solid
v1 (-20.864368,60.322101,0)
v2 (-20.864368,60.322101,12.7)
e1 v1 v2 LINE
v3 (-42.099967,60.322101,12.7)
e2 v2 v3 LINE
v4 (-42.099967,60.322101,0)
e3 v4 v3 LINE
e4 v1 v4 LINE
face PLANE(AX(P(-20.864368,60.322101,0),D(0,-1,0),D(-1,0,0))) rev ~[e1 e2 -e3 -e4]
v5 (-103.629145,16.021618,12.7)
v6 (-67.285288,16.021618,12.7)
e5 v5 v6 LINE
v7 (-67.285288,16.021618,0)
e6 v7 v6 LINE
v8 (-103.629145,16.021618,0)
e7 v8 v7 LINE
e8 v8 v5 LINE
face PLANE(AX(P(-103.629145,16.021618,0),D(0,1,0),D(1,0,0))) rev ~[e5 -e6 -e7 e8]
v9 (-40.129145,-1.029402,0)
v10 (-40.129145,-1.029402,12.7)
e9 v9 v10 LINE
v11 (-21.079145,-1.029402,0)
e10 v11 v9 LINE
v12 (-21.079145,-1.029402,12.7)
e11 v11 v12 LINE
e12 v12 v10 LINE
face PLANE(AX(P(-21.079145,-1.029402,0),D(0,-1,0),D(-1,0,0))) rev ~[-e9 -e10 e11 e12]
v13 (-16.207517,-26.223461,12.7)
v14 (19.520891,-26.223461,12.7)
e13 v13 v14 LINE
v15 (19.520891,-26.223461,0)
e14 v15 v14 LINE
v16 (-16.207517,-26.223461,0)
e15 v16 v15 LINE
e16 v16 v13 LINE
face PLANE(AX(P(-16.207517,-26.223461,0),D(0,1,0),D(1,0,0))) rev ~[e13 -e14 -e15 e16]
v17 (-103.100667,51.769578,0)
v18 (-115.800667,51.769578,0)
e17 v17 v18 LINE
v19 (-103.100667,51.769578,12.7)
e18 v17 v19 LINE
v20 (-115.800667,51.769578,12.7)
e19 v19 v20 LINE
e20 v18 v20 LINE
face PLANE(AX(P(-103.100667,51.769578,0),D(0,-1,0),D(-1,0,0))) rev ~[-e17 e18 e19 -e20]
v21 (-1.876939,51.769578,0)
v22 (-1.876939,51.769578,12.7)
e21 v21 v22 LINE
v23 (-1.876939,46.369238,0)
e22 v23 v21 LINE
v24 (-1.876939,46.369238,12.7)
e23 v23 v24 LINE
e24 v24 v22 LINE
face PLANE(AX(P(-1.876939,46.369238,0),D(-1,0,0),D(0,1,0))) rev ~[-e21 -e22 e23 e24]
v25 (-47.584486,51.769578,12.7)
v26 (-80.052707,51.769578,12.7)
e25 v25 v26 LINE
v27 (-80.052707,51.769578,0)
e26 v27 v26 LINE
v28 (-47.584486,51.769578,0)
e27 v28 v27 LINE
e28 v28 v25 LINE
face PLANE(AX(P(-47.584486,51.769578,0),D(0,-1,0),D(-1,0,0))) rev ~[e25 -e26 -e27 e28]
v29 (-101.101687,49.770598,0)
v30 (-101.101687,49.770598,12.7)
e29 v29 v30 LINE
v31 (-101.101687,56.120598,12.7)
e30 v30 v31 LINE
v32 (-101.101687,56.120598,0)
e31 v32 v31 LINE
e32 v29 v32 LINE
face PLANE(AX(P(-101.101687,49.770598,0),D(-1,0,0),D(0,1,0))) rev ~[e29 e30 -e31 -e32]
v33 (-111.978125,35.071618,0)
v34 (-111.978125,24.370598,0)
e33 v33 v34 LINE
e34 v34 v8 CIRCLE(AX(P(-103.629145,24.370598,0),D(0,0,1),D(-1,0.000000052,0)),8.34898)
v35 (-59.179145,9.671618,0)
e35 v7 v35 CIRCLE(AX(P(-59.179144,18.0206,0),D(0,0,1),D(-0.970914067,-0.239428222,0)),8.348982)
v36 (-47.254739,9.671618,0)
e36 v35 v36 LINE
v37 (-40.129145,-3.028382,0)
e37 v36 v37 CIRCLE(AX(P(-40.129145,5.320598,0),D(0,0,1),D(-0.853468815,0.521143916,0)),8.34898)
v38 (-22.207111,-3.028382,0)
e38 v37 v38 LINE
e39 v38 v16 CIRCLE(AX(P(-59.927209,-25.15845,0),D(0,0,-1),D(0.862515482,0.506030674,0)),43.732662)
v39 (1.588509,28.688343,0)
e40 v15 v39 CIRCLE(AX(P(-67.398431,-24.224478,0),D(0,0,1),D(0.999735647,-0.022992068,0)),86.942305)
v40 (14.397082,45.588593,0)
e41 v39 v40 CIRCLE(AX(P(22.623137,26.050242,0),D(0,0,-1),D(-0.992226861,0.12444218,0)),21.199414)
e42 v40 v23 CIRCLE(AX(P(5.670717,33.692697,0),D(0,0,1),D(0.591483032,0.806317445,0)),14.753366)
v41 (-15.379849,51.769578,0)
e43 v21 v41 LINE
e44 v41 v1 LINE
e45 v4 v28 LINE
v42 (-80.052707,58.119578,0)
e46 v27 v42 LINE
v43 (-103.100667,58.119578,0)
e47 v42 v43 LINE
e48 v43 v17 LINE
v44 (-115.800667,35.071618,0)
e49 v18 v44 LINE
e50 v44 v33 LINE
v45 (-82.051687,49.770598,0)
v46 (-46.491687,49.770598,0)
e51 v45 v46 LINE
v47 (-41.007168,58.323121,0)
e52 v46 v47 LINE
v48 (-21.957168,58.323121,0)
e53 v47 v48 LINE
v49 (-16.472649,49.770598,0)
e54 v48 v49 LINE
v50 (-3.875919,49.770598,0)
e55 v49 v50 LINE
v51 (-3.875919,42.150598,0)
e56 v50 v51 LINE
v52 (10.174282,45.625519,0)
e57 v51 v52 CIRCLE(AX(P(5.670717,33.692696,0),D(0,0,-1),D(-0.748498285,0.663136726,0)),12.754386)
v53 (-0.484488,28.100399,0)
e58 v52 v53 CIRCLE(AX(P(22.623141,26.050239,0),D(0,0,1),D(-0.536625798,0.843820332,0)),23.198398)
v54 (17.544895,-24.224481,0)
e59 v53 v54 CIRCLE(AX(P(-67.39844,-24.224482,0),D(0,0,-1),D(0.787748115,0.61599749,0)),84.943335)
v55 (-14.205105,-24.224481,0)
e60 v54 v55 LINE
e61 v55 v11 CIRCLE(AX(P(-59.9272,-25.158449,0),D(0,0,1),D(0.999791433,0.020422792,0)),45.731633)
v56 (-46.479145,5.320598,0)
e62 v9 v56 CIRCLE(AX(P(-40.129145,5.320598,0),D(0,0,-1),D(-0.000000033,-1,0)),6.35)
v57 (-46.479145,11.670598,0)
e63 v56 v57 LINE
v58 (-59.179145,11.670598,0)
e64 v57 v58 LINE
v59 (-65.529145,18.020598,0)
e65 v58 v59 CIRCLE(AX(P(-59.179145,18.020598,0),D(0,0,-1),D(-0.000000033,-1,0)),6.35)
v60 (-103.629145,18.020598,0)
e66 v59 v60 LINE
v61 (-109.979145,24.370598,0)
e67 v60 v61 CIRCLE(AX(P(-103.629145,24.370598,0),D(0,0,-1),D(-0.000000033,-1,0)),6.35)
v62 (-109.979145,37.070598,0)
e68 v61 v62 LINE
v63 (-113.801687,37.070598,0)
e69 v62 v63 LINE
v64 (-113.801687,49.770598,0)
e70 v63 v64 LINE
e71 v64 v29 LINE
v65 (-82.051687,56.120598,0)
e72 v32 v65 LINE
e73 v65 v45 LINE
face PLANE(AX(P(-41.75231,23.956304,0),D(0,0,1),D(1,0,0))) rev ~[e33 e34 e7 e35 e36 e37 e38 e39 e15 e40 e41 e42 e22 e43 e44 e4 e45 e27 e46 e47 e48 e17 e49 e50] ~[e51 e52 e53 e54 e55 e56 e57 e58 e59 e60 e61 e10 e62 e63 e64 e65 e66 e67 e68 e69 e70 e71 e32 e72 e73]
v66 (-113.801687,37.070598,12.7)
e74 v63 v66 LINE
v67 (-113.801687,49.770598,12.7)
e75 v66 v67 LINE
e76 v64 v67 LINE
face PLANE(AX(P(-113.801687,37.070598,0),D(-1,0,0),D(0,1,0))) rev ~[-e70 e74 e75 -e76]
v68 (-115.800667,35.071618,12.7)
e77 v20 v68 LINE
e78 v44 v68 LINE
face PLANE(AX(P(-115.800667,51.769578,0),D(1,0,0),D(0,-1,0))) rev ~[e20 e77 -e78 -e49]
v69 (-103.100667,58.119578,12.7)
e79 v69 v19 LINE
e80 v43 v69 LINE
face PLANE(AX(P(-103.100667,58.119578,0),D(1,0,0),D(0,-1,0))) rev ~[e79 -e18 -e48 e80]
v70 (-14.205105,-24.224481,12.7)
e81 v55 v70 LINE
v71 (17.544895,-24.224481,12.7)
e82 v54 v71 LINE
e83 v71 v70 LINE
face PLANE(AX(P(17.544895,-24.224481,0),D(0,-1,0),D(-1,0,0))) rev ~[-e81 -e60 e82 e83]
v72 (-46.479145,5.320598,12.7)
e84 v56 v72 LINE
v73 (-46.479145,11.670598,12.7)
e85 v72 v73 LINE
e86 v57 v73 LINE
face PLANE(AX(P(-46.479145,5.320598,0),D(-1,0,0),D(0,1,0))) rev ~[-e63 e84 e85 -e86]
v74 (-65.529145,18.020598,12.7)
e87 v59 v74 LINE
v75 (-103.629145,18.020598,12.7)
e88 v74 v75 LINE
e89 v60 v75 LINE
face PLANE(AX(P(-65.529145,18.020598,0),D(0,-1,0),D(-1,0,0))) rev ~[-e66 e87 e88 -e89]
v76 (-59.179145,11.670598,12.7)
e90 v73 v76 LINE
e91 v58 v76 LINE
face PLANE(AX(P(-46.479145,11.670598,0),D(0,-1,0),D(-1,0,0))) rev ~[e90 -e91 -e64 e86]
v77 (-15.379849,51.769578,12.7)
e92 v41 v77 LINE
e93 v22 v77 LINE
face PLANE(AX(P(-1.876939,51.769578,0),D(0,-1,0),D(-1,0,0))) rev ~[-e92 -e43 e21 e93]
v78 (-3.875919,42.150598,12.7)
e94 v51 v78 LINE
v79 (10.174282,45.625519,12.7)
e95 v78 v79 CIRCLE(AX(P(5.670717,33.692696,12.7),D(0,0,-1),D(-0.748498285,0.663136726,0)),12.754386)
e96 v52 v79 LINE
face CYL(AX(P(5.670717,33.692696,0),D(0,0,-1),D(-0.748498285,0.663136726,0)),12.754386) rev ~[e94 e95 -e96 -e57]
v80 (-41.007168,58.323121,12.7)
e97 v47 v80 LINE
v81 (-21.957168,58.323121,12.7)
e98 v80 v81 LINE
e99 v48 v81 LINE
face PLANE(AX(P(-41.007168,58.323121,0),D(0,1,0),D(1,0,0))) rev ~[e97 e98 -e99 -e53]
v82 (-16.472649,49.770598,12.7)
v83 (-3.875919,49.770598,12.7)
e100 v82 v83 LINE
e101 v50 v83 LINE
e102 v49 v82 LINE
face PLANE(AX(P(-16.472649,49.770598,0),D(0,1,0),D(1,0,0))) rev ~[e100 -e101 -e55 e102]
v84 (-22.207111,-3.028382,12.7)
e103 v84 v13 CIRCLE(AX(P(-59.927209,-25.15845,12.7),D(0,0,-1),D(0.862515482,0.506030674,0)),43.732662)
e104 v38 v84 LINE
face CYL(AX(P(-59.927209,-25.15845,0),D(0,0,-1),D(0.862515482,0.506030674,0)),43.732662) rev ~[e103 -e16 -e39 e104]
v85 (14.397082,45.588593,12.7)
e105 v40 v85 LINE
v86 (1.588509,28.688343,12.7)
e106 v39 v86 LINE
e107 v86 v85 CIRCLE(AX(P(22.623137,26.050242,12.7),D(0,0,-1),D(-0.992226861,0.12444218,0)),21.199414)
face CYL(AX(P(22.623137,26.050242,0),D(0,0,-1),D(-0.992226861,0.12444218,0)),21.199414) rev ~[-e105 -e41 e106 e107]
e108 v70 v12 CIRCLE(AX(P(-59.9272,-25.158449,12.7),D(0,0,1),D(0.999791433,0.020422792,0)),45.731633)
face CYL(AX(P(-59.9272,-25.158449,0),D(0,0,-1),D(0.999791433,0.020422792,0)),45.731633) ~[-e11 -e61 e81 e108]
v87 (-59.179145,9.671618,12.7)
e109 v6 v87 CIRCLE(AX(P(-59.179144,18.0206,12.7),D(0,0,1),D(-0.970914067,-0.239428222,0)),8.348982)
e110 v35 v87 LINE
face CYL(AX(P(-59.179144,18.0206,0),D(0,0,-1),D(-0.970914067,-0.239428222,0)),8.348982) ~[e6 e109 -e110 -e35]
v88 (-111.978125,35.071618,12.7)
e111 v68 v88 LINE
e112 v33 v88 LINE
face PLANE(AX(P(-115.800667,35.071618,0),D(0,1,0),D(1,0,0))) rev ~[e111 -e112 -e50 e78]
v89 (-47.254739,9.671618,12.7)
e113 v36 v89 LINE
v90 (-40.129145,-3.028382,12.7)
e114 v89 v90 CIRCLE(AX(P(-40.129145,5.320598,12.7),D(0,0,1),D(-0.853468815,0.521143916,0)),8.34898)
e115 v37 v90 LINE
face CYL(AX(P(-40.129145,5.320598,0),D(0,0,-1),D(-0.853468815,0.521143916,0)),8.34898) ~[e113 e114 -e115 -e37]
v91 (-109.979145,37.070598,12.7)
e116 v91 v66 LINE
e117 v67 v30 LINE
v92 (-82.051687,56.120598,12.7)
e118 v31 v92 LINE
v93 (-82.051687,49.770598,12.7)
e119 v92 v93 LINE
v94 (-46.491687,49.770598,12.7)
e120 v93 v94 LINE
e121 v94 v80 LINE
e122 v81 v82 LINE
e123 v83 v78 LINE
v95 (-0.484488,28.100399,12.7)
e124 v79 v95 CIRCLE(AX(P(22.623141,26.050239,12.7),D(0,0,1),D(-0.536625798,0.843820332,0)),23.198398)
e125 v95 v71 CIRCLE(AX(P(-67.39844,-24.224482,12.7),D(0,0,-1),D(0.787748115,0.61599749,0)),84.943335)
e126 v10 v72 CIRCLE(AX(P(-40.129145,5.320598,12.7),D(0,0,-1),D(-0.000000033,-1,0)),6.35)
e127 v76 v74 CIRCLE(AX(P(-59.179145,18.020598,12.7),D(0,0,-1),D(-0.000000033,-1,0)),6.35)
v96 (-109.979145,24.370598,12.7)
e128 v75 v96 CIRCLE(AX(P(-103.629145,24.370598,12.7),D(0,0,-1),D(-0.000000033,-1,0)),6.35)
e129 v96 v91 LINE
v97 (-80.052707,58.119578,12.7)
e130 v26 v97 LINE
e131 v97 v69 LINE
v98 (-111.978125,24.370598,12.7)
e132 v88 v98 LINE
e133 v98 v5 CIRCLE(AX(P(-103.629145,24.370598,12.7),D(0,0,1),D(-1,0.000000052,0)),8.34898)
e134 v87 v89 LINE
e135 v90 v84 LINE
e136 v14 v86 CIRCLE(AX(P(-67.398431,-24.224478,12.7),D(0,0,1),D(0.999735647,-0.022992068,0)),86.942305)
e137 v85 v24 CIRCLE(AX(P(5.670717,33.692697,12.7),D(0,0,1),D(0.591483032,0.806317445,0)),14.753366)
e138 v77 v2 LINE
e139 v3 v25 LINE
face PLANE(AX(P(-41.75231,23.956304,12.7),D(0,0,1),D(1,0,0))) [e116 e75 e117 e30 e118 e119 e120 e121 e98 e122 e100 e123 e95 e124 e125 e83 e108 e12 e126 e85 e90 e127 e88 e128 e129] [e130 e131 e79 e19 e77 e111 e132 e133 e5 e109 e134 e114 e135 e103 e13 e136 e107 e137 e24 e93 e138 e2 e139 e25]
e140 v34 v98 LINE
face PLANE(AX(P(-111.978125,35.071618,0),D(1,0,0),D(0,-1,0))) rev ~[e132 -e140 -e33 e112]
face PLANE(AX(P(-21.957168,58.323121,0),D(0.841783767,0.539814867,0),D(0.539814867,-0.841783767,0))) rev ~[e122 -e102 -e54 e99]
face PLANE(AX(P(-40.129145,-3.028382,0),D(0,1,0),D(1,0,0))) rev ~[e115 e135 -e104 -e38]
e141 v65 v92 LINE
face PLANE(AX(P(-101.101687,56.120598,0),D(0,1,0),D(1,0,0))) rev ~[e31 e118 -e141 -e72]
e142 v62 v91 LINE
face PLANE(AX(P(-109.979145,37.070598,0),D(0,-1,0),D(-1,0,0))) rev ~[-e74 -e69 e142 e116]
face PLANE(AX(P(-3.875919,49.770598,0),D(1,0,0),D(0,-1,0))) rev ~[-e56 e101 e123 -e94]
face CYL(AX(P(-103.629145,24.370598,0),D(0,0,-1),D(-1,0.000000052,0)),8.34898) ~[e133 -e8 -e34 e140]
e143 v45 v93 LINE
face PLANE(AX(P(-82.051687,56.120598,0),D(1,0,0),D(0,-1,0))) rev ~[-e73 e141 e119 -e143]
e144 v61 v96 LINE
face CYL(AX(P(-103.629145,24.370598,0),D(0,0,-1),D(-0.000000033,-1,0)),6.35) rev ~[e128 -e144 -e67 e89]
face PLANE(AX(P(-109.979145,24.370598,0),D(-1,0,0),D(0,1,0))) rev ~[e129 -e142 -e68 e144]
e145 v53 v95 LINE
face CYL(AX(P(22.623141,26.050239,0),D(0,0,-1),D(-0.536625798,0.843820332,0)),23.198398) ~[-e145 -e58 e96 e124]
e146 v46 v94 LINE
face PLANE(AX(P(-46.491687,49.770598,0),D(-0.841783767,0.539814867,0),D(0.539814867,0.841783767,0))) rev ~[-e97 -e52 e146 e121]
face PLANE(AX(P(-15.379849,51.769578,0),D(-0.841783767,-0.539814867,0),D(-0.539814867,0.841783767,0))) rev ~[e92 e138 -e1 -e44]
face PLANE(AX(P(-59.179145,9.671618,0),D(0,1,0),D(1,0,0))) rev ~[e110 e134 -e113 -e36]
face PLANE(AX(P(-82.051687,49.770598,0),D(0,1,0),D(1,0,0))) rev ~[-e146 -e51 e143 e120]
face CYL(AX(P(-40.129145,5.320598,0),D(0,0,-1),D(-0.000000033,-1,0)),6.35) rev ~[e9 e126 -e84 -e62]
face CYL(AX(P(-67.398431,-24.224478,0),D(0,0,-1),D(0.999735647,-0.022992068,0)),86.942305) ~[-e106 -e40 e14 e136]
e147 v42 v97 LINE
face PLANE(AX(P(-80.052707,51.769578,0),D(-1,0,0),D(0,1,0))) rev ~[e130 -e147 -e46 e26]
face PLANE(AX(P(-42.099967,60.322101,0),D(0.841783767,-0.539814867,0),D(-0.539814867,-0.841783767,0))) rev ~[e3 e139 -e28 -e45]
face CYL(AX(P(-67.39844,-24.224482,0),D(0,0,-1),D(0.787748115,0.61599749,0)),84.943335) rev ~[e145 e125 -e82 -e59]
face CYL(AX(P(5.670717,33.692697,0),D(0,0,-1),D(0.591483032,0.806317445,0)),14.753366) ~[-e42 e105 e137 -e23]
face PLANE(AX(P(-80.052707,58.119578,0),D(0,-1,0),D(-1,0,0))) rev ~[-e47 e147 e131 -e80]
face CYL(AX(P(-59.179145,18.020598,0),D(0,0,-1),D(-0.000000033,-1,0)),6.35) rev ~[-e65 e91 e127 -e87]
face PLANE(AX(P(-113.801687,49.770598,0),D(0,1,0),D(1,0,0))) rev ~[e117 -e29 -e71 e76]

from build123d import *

# Parameters (mm, degrees)
F1_DEPTH = 12.7


with BuildPart() as f1:
    # F0 (on Top) → F1 (new body)
    with BuildSketch(Plane.XY):
        with BuildLine():
            Line((-80.052707, 58.119578), (-103.100667, 58.119578))
            Line((-103.100667, 58.119578), (-103.100667, 51.769578))
            Line((-103.100667, 51.769578), (-115.800667, 51.769578))
            Line((-115.800667, 51.769578), (-115.800667, 35.071618))
            Line((-115.800667, 35.071618), (-111.978125, 35.071618))
            Line((-111.978125, 35.071618), (-111.978125, 24.370598))
            ThreePointArc((-111.978125, 24.370598), (-109.532766, 18.466978), (-103.629145, 16.021618))
            Line((-103.629145, 16.021618), (-67.285288, 16.021618))
            ThreePointArc((-67.285288, 16.021618), (-64.327738, 11.448121), (-59.179145, 9.671618))
            Line((-59.179145, 9.671618), (-47.254739, 9.671618))
            ThreePointArc((-47.254739, 9.671618), (-47.410355, 1.235326), (-40.129145, -3.028382))
            Line((-40.129145, -3.028382), (-22.207111, -3.028382))
            ThreePointArc((-22.207111, -3.028382), (-17.587951, -14.20706), (-16.207517, -26.223461))
            Line((-16.207517, -26.223461), (19.520891, -26.223461))
            ThreePointArc((19.520891, -26.223461), (15.248512, 2.765285), (1.588509, 28.688343))
            ThreePointArc((1.588509, 28.688343), (5.727827, 38.855071), (14.397082, 45.588593))
            ThreePointArc((14.397082, 45.588593), (6.377605, 48.429118), (-1.876939, 46.369238))
            Line((-1.876939, 46.369238), (-1.876939, 51.769578))
            Line((-1.876939, 51.769578), (-15.379849, 51.769578))
            Line((-15.379849, 51.769578), (-20.864368, 60.322101))
            Line((-20.864368, 60.322101), (-42.099967, 60.322101))
            Line((-42.099967, 60.322101), (-47.584486, 51.769578))
            Line((-47.584486, 51.769578), (-80.052707, 51.769578))
            Line((-80.052707, 51.769578), (-80.052707, 58.119578))
        make_face()
        with BuildLine():
            Line((17.544895, -24.224481), (-14.205105, -24.224481))
            ThreePointArc((-14.205105, -24.224481), (-16.08053, -12.16415), (-21.079145, -1.029402))
            Line((-21.079145, -1.029402), (-40.129145, -1.029402))
            ThreePointArc((-40.129145, -1.029402), (-44.619273, 0.83047), (-46.479145, 5.320598))
            Line((-46.479145, 5.320598), (-46.479145, 11.670598))
            Line((-46.479145, 11.670598), (-59.179145, 11.670598))
            ThreePointArc((-59.179145, 11.670598), (-63.669273, 13.53047), (-65.529145, 18.020598))
            Line((-65.529145, 18.020598), (-103.629145, 18.020598))
            ThreePointArc((-103.629145, 18.020598), (-108.119273, 19.88047), (-109.979145, 24.370598))
            Line((-109.979145, 24.370598), (-109.979145, 37.070598))
            Line((-109.979145, 37.070598), (-113.801687, 37.070598))
            Line((-113.801687, 37.070598), (-113.801687, 49.770598))
            Line((-113.801687, 49.770598), (-101.101687, 49.770598))
            Line((-101.101687, 49.770598), (-101.101687, 56.120598))
            Line((-101.101687, 56.120598), (-82.051687, 56.120598))
            Line((-82.051687, 56.120598), (-82.051687, 49.770598))
            Line((-82.051687, 49.770598), (-46.491687, 49.770598))
            Line((-46.491687, 49.770598), (-41.007168, 58.323121))
            Line((-41.007168, 58.323121), (-21.957168, 58.323121))
            Line((-21.957168, 58.323121), (-16.472649, 49.770598))
            Line((-16.472649, 49.770598), (-3.875919, 49.770598))
            Line((-3.875919, 49.770598), (-3.875919, 42.150598))
            ThreePointArc((-3.875919, 42.150598), (2.608543, 46.074031), (10.174282, 45.625519))
            ThreePointArc((10.174282, 45.625519), (2.802737, 38.105), (-0.484488, 28.100399))
            ThreePointArc((-0.484488, 28.100399), (12.911162, 3.447489), (17.544895, -24.224481))
        make_face(mode=Mode.SUBTRACT)
    extrude(amount=F1_DEPTH)


solid = f1.part
